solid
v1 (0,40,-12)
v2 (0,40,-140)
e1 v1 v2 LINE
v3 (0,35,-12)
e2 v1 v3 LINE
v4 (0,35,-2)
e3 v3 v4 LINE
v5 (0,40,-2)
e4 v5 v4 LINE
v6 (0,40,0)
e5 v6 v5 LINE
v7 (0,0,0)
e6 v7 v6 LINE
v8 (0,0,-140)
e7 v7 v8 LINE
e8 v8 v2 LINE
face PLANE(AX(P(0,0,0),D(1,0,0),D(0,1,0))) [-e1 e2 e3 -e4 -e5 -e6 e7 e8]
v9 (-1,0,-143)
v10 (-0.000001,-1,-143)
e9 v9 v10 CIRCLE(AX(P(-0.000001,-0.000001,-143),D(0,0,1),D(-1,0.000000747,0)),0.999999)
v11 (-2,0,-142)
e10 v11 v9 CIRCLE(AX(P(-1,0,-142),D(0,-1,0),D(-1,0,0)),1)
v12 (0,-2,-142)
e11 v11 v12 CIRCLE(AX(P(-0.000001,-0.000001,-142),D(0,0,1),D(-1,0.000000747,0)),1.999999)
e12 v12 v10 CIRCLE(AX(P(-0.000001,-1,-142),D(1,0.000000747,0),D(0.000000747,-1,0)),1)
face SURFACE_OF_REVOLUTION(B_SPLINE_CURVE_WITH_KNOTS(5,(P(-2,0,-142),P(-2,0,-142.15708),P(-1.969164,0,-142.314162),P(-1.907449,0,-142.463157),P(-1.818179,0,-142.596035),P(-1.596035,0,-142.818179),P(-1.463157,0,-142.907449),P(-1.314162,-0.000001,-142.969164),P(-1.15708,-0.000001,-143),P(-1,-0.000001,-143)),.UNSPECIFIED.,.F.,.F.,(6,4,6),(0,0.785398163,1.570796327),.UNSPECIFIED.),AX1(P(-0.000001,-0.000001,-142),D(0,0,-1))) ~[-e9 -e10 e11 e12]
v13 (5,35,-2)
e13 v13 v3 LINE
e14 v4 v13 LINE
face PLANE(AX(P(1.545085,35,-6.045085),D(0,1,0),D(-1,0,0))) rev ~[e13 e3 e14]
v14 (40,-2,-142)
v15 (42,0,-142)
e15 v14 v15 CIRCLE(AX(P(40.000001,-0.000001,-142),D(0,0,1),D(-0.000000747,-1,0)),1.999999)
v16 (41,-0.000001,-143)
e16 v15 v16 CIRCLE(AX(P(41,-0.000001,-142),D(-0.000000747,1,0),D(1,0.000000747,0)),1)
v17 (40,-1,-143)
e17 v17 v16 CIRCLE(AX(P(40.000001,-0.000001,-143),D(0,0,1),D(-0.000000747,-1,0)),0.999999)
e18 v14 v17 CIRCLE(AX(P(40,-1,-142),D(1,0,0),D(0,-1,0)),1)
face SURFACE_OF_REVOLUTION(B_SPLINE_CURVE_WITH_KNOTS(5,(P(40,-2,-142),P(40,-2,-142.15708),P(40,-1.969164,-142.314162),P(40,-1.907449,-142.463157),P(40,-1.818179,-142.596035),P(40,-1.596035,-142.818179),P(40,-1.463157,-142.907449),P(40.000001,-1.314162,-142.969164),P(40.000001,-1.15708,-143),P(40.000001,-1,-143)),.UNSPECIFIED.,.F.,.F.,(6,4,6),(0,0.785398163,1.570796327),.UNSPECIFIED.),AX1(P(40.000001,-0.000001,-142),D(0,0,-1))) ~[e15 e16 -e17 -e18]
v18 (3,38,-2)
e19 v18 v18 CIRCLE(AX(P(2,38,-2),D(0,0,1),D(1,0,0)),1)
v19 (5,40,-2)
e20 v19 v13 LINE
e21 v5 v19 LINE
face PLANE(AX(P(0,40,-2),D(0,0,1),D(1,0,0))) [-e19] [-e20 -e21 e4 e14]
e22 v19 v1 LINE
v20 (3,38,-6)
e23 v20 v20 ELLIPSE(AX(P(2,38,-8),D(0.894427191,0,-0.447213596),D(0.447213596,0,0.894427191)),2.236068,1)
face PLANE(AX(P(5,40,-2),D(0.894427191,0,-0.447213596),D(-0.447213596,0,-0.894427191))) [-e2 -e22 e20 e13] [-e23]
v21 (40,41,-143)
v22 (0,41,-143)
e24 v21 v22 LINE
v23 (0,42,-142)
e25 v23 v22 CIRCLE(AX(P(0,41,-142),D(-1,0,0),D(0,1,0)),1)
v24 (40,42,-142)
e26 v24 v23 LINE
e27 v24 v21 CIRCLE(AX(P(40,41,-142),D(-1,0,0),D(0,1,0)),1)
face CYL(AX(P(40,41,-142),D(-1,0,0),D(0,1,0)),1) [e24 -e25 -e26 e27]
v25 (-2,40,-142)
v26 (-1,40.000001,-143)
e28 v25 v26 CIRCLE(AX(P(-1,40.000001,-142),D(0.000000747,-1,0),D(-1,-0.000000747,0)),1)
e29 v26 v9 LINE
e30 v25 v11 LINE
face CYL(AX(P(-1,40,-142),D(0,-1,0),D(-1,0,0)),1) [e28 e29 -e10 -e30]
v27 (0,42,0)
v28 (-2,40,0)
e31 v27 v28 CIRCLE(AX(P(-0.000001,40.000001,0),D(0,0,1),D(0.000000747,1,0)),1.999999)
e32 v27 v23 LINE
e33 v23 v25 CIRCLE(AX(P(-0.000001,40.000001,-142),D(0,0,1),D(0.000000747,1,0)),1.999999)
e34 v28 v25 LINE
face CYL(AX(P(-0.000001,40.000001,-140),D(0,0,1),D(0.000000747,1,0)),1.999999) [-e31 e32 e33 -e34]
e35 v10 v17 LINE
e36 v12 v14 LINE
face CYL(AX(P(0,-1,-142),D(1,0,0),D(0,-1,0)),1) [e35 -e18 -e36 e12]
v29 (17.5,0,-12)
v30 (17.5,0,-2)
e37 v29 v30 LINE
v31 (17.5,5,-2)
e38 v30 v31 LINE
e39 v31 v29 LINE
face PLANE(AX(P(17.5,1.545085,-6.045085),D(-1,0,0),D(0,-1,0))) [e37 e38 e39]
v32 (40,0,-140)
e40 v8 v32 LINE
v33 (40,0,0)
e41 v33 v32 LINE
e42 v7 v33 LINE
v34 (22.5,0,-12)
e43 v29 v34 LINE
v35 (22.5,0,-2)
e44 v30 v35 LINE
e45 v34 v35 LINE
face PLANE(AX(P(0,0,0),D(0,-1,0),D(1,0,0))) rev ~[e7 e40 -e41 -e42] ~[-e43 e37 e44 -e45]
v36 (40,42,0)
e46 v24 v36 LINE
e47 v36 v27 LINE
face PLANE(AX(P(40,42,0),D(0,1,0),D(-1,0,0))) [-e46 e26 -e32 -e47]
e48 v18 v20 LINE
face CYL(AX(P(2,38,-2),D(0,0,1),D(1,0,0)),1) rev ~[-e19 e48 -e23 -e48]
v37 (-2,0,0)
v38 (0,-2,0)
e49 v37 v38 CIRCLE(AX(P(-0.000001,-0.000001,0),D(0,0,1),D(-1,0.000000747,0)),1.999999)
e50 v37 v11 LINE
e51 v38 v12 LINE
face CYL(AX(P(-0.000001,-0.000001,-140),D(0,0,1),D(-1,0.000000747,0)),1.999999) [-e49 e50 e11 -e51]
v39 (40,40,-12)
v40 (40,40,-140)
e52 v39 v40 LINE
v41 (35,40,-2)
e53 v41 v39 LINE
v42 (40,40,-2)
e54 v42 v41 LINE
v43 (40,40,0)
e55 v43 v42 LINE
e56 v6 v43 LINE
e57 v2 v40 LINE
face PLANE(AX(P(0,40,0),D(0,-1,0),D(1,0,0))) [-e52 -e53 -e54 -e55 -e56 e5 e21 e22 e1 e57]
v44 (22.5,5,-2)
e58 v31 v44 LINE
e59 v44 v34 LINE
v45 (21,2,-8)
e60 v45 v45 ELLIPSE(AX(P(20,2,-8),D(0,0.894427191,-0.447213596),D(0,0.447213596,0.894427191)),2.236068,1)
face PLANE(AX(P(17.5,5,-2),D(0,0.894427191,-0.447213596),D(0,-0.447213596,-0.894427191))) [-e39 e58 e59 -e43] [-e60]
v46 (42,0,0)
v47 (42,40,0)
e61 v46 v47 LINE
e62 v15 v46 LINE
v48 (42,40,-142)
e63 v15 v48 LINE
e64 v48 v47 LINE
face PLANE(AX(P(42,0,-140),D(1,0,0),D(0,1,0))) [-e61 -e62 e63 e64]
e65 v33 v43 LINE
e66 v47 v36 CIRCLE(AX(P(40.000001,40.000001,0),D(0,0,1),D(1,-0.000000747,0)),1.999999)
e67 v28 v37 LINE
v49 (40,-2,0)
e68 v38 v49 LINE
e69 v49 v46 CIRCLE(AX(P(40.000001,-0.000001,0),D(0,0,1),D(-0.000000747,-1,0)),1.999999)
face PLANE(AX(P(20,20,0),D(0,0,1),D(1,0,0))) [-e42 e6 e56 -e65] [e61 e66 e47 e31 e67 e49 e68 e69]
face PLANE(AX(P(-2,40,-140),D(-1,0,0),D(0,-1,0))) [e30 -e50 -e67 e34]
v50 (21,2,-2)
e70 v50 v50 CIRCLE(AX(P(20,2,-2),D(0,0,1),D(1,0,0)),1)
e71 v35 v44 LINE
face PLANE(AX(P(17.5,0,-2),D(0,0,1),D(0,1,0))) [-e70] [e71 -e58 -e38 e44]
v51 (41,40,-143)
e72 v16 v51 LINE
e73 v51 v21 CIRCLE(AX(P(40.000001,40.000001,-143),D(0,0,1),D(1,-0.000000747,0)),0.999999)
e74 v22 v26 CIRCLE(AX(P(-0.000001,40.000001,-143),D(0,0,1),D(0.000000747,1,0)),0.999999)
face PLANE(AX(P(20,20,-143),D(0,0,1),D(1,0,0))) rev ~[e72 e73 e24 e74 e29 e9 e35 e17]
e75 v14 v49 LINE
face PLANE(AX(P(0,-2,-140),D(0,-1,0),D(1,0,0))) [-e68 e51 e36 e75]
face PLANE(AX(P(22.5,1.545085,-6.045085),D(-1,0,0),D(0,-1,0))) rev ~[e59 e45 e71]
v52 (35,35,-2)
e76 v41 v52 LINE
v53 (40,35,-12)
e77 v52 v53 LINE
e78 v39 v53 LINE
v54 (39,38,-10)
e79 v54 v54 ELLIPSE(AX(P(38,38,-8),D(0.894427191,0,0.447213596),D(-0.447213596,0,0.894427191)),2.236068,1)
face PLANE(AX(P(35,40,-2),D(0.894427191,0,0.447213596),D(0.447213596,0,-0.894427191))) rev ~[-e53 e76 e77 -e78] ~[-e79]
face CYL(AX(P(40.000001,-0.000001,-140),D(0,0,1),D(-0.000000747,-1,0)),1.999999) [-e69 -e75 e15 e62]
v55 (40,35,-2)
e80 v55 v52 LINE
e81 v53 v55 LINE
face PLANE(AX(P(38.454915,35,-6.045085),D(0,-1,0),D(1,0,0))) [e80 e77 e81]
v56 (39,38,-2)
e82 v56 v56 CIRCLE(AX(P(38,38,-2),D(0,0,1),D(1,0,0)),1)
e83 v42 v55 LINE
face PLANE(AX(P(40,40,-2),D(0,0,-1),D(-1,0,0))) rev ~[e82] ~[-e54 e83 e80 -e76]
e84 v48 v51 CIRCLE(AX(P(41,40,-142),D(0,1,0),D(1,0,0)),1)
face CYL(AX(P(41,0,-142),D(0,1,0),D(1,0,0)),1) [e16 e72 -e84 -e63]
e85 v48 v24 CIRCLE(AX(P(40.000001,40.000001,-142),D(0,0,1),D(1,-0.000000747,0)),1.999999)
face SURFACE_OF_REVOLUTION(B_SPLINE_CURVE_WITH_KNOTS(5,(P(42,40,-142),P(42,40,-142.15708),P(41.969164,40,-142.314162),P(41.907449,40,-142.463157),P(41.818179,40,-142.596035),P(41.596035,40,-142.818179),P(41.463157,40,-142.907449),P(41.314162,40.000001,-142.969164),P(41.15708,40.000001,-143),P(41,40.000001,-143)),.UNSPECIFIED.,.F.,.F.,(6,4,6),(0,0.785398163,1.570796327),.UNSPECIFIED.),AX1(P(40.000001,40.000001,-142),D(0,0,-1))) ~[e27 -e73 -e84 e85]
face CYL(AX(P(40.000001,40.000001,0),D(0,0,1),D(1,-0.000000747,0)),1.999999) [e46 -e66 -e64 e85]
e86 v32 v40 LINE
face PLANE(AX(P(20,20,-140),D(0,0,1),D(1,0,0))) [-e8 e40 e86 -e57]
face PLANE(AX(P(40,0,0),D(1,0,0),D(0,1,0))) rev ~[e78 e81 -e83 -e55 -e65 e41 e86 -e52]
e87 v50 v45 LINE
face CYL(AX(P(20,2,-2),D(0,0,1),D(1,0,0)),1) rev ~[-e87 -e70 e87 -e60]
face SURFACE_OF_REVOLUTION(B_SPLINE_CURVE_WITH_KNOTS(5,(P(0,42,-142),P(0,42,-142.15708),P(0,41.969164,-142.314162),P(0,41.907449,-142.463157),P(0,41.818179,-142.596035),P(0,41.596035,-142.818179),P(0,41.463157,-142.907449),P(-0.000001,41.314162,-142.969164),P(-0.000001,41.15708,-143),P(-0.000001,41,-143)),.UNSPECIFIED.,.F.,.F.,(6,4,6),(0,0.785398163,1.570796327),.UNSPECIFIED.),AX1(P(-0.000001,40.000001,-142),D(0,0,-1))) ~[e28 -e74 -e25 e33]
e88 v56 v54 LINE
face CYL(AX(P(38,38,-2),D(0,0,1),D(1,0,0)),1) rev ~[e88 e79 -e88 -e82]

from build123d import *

# Parameters (mm, degrees)
EXTRUDE001_DEPTH = 3
FILLET_R         = 1
SKETCH_W         = 40
SKETCH_H         = 40
EXTRUDE_DEPTH    = 140
SKETCH008_R      = 1
EXTRUDE007_DEPTH = 10
EXTRUDE006_DEPTH = 5
EXTRUDE005_DEPTH = 5


with BuildPart() as fillet_body:
    # Sketch001 → Extrude001 (new body)
    with BuildSketch(Plane.XY.offset(-140)):
        with BuildLine():
            Line((0, -2), (40, -2))
            ThreePointArc((40, -2), (41.414214, -1.414214), (42, 0))
            Line((42, 0), (42, 40))
            ThreePointArc((42, 40), (41.414214, 41.414214), (40, 42))
            Line((40, 42), (0, 42))
            ThreePointArc((0, 42), (-1.414214, 41.414214), (-2, 40))
            Line((-2, 40), (-2, 0))
            ThreePointArc((-2, 0), (-1.414214, -1.414214), (0, -2))
        make_face()
    extrude(amount=-EXTRUDE001_DEPTH)

    # Fillet
    fillet_edges = [fillet_body.edges().sort_by_distance(p)[0] for p in [
        (20, 42, -143),
        (-1.414214, 41.414214, -143),
        (-2, 20, -143),
    ]]
    fillet(fillet_edges, radius=FILLET_R)


with BuildPart() as fusion:
    # Sketch → Extrude (new body)
    with BuildSketch(Plane.XY):
        with BuildLine():
            Line((0, -2), (40, -2))
            ThreePointArc((40, -2), (41.414214, -1.414214), (42, 0))
            Line((42, 0), (42, 40))
            ThreePointArc((42, 40), (41.414214, 41.414214), (40, 42))
            Line((40, 42), (0, 42))
            ThreePointArc((0, 42), (-1.414214, 41.414214), (-2, 40))
            Line((-2, 40), (-2, 0))
            ThreePointArc((-2, 0), (-1.414214, -1.414214), (0, -2))
        make_face()
        with Locations((20, 20)):
            Rectangle(SKETCH_W, SKETCH_H, mode=Mode.SUBTRACT)
    extrude(amount=-EXTRUDE_DEPTH)

    # Fusion: union Fillet body
    add(fillet_body.part)


with BuildPart() as extrude007:
    # Sketch008 → Extrude007 (new body)
    with BuildSketch(Plane.XY):
        with Locations((2, 38)):
            Circle(SKETCH008_R)
        with Locations((38, 38)):
            Circle(SKETCH008_R)
        with Locations((20, 2)):
            Circle(SKETCH008_R)
    extrude(amount=-EXTRUDE007_DEPTH)


with BuildPart() as extrude006:
    # Sketch010 → Extrude006 (new body)
    with BuildSketch(Plane.YZ.offset(17.5)):
        Polygon((0, 0), (5, 0), (0, -10), align=None)
    extrude(amount=EXTRUDE006_DEPTH)


with BuildPart() as fusion004:
    # Sketch009 → Extrude005 (new body)
    with BuildSketch(Plane.XZ.offset(-40)):
        Polygon((0, 0), (5, 0), (0, -10), align=None)
        Polygon((40, 0), (35, 0), (40, -10), align=None)
    extrude(amount=EXTRUDE005_DEPTH)

    # Fusion003: union Extrude006
    add(extrude006.part)

    # Cut: cut Extrude007
    add(extrude007.part, mode=Mode.SUBTRACT)


with BuildPart() as fusion004_1:
    # Cut placement: moved
    add(fusion004.part.moved(Location((0, 0, -2))))

    # Fusion004: union Fusion
    add(fusion.part)


solid = fusion004_1.part
